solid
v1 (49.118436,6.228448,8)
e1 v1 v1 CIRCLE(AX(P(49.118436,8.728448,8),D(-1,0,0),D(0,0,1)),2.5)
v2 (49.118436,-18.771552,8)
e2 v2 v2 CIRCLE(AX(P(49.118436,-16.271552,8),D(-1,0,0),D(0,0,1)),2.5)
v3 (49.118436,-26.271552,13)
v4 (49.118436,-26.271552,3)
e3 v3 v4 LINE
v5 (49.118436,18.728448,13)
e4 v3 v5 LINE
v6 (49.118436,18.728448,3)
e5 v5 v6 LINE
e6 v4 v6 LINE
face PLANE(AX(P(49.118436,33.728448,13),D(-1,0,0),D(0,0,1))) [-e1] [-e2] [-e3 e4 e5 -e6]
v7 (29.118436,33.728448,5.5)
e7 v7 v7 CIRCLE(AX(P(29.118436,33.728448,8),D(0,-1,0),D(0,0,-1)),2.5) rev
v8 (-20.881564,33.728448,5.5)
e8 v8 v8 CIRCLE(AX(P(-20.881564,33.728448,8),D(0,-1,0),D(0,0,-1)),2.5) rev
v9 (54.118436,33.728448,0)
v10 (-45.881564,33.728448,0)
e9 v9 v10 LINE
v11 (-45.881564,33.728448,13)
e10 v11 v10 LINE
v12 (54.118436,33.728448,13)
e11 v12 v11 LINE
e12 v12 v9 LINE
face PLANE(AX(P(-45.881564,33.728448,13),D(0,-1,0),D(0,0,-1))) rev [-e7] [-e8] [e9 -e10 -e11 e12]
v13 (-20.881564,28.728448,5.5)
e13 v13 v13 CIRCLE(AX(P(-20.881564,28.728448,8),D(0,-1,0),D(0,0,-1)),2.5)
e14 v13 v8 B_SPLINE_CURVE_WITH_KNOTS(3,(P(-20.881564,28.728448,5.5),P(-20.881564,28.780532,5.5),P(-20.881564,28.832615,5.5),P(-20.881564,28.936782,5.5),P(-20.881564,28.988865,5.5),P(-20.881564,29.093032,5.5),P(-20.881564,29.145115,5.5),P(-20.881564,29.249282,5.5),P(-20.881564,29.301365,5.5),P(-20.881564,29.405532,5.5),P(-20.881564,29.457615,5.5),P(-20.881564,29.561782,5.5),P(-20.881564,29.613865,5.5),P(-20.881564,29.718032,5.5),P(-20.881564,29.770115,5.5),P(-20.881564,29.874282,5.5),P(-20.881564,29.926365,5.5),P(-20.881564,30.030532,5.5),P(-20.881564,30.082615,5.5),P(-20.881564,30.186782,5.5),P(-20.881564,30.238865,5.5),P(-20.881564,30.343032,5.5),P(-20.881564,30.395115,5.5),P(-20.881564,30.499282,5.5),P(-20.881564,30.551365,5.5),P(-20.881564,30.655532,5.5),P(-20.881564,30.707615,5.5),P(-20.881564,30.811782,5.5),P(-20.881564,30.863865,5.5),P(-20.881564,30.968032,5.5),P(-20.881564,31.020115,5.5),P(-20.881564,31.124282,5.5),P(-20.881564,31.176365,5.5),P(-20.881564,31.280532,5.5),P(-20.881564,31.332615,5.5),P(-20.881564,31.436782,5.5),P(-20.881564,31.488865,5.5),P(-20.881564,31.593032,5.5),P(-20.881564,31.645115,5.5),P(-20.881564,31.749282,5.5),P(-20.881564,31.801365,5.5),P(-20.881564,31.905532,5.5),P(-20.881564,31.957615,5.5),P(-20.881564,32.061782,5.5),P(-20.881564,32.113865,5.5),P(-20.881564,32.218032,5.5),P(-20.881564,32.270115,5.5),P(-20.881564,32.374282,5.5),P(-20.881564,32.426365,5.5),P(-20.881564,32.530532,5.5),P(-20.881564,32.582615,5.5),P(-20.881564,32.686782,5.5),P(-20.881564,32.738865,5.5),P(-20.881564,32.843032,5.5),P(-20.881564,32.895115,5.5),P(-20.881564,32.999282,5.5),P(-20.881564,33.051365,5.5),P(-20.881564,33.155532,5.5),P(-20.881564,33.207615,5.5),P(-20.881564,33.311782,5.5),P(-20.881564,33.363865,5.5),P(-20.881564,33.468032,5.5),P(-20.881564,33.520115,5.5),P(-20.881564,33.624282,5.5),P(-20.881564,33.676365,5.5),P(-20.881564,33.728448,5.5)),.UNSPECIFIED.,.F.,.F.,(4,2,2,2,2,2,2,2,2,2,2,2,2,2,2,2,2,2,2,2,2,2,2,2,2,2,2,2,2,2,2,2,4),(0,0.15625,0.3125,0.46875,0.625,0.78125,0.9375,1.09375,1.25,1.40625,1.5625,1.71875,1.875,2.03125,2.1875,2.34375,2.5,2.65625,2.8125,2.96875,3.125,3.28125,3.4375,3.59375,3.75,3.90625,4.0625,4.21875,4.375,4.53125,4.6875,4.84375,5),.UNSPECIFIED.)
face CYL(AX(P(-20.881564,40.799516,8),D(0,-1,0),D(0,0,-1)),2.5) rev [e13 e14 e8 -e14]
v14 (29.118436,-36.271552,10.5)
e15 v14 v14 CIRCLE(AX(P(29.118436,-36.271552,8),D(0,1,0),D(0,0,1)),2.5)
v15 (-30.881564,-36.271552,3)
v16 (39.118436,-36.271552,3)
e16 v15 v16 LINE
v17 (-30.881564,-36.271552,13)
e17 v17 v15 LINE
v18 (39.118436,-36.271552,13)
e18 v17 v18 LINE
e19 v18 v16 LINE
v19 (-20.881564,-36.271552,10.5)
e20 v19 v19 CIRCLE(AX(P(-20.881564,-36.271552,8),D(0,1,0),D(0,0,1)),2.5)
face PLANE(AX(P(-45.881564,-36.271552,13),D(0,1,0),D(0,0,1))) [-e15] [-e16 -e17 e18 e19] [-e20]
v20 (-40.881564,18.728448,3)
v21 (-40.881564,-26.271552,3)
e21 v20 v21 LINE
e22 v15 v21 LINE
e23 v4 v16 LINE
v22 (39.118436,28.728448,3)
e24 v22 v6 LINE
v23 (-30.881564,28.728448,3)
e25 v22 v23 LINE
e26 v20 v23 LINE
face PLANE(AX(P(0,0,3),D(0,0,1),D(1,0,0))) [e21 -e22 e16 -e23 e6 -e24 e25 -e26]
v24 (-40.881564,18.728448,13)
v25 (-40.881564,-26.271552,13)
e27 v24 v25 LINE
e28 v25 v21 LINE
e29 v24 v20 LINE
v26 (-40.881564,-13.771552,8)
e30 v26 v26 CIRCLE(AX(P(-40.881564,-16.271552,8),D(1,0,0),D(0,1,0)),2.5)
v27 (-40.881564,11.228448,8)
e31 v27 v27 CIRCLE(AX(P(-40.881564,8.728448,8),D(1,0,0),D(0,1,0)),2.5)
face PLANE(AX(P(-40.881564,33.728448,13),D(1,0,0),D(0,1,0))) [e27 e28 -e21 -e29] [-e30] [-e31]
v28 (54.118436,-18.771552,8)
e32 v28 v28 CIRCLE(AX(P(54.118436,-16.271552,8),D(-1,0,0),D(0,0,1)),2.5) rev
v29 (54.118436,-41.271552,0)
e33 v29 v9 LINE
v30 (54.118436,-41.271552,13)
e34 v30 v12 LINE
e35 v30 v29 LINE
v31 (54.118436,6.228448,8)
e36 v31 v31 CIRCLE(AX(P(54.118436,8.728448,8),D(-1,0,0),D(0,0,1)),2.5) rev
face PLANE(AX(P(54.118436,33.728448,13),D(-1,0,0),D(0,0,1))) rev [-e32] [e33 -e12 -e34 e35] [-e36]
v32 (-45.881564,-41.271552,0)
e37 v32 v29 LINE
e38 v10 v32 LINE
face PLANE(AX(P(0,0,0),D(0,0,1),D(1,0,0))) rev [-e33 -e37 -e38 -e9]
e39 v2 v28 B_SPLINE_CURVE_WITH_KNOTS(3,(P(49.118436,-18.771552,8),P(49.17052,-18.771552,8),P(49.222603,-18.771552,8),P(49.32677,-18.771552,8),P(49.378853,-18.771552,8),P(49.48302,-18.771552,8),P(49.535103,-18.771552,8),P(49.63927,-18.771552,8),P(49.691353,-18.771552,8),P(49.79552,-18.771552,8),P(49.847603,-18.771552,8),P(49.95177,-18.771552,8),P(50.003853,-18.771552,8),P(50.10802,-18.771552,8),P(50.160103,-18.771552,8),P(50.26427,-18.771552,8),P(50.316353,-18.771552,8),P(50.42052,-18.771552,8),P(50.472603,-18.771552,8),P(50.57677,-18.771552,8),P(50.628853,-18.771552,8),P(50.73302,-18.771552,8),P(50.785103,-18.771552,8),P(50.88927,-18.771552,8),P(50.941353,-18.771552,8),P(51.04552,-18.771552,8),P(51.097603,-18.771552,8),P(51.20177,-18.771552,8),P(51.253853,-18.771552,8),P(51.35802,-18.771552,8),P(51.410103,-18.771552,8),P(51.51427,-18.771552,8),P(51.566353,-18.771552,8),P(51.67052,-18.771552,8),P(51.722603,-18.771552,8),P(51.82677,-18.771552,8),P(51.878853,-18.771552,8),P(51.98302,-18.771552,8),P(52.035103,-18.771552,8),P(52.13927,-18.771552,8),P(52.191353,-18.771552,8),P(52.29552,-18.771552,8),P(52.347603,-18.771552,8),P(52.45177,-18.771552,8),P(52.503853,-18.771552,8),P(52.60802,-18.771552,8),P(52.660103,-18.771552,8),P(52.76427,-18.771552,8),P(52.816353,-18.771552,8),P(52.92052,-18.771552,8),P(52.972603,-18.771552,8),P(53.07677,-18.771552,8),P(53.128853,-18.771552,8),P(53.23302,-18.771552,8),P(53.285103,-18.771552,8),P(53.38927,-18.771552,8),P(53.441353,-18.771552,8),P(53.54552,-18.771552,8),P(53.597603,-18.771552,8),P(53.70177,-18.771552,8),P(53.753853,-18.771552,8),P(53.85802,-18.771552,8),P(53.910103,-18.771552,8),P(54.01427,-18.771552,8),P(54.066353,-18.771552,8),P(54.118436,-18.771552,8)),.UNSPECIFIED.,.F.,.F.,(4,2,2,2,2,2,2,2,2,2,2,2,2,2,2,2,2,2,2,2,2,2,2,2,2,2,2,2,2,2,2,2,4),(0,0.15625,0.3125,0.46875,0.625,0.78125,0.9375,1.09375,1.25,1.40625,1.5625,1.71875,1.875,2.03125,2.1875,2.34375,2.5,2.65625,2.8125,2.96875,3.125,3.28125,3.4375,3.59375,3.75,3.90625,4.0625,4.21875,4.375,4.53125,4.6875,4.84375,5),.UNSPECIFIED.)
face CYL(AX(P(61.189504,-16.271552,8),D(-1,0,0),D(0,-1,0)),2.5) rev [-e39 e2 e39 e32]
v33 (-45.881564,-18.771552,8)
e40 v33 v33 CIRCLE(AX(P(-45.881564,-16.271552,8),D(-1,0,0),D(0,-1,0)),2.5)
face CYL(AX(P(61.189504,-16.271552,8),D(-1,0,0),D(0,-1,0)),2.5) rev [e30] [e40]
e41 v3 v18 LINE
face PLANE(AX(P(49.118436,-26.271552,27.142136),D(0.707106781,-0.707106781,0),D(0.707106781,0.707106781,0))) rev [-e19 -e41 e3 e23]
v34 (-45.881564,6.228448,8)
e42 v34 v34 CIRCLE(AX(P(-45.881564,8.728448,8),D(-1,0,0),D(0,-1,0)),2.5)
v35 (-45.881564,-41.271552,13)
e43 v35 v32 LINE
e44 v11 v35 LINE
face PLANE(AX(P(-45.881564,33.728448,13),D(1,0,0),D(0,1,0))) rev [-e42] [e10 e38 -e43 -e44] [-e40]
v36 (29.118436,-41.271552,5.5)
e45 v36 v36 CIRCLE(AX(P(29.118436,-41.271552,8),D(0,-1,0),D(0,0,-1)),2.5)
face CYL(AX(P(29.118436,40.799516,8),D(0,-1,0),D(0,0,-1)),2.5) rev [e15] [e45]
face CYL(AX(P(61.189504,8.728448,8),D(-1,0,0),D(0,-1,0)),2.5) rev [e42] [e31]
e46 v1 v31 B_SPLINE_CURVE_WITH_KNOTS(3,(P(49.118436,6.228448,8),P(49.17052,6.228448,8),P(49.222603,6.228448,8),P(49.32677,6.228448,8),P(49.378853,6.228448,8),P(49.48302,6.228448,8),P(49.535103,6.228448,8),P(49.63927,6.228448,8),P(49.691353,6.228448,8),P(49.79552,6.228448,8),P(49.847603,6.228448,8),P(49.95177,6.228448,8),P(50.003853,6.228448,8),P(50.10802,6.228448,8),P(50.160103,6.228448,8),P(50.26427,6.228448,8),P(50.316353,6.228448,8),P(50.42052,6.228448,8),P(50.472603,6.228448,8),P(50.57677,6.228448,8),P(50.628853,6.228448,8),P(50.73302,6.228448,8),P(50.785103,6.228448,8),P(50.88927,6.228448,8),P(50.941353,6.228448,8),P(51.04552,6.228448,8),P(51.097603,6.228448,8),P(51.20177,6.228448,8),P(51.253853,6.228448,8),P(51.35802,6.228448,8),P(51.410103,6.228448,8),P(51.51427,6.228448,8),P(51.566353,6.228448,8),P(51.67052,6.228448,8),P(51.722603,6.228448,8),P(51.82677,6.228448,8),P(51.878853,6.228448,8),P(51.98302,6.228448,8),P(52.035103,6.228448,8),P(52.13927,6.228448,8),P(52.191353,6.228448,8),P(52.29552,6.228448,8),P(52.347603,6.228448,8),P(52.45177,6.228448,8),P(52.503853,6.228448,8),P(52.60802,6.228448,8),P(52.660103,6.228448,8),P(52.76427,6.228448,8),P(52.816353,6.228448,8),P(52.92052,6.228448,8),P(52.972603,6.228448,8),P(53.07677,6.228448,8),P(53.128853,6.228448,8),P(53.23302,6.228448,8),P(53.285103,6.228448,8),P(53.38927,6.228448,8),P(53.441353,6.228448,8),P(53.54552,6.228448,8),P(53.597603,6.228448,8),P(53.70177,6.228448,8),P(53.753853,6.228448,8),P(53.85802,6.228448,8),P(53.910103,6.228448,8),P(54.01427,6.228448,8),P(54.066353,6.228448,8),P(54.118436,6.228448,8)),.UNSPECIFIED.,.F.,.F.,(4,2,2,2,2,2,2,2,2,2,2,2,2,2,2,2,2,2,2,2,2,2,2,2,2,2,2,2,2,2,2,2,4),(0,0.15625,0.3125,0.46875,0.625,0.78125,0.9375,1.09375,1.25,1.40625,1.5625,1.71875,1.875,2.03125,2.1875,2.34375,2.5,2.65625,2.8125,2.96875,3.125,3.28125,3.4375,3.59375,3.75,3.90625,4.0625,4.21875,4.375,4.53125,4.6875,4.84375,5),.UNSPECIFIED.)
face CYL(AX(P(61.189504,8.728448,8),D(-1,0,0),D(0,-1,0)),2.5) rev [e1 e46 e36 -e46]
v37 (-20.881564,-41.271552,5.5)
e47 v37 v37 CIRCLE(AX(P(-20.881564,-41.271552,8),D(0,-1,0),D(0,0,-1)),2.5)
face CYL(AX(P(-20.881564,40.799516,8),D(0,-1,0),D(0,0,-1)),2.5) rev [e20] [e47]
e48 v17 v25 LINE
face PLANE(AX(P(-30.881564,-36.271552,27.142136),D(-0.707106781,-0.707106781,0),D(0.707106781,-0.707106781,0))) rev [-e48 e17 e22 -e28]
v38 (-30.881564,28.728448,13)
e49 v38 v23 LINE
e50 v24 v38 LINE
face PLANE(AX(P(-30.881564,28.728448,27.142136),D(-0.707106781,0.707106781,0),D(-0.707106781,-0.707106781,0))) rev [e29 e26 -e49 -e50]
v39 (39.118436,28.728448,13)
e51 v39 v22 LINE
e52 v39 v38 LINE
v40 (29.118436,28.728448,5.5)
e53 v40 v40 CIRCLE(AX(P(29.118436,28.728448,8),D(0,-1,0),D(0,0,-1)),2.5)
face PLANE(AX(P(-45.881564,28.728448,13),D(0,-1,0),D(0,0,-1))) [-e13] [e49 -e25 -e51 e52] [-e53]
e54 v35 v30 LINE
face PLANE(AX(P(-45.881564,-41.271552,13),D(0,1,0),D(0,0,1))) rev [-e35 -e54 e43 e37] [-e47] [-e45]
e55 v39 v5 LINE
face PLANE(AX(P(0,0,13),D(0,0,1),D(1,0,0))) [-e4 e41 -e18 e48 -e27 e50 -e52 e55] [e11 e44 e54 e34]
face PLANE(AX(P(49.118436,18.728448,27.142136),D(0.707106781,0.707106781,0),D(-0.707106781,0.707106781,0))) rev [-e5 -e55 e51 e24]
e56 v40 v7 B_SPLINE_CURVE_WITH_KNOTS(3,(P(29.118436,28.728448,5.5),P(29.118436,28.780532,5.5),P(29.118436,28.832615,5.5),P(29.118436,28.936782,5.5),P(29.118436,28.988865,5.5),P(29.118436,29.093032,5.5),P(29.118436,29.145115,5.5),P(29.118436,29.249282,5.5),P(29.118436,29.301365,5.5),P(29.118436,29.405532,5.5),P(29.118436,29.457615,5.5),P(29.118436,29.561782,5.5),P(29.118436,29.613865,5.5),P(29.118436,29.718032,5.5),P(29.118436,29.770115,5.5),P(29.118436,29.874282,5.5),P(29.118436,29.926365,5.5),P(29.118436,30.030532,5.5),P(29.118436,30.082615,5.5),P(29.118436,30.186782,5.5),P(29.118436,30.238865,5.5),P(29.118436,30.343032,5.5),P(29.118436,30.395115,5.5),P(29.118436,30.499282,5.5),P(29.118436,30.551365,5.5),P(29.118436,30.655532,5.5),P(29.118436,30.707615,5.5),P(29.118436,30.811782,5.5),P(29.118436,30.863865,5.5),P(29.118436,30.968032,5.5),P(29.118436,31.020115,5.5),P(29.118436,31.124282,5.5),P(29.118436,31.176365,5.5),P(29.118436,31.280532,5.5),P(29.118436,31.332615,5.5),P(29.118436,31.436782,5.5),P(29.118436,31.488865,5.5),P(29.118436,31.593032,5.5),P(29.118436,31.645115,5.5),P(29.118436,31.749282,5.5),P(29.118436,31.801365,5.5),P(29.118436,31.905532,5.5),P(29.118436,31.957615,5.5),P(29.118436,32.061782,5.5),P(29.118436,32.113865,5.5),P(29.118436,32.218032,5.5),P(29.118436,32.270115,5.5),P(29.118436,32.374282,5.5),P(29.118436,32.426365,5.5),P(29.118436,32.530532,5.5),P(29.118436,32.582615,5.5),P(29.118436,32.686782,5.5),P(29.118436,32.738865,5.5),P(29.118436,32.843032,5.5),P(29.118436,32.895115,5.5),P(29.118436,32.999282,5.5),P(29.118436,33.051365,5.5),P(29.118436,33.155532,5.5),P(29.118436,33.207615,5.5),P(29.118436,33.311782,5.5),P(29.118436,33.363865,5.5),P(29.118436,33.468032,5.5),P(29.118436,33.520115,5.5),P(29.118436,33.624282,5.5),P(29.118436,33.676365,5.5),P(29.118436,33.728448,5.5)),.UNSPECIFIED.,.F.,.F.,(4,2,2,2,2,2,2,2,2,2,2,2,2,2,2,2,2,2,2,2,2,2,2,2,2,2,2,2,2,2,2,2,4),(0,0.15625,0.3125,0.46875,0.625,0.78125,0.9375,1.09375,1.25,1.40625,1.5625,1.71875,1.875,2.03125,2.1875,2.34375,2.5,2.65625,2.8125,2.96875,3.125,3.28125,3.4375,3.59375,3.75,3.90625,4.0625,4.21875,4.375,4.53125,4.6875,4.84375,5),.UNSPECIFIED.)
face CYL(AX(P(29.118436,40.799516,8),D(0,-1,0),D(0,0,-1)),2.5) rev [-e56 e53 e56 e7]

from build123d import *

# Parameters (mm, degrees)
BOSS_EXTRU_1_DEPTH        = 13
COQUE1_T                  = -5
COQUE1_THICKNESS_2_FACE_W = 90
COQUE1_THICKNESS_2_FACE_H = 65
COQUE1_THICKNESS_2_DEPTH  = 2
ENL_V_MAT_EXTRU_1_REACH   = 110.96
ESQUISSE2_R               = 2.5
ENL_V_MAT_EXTRU_2_REACH   = 95.396
ESQUISSE3_R               = 2.5
BOSS_EXTRU_2_DEPTH        = 10


with BuildPart() as part:
    # Esquisse1 → Boss.-Extru.1 (new body)
    with BuildSketch(Plane.XY):
        Polygon((44.118436308, 33.728448276), (54.118436308, 33.728448276), (54.118436308, 23.728448276), (54.118436308, -41.271551724), (-45.881563692, -41.271551724), (-45.881563692, 33.728448276), align=None)
    extrude(amount=BOSS_EXTRU_1_DEPTH)

    # Coque1
    coque1_openings = [part.faces().sort_by_distance(p)[0] for p in [
        (4.118436308, -3.771551724, 13),
    ]]
    offset(amount=COQUE1_T, openings=coque1_openings, kind=Kind.INTERSECTION)

    # Coque1 thickness 2 face (on inner face of the shell) → Coque1 thickness 2 (cut)
    with BuildSketch(Plane(origin=(4.118436308, -3.771551724, 5), x_dir=(-1, 0, 0), z_dir=(0, 0, -1))):
        Rectangle(COQUE1_THICKNESS_2_FACE_W, COQUE1_THICKNESS_2_FACE_H)
    extrude(amount=COQUE1_THICKNESS_2_DEPTH, mode=Mode.SUBTRACT)

    # Enlèv. mat.-Extru.1: up to this face of the body (flat: up to its plane)
    enl_v_mat_extru_1_end = Plane(part.part.faces().sort_by_distance((54.118436308, -3.771551724, 6.5))[0])
    # Esquisse2 → Enlèv. mat.-Extru.1 (cut, up to the picked face)
    with BuildSketch(Plane.ZY.offset(45.881563692), mode=Mode.PRIVATE) as enl_v_mat_extru_1_sk1:
        with Locations(Location((8, -16.271551724, 0), (0, 0, 270))):
            Circle(ESQUISSE2_R)
    enl_v_mat_extru_1_tool1 = split(extrude(enl_v_mat_extru_1_sk1.sketch, amount=-ENL_V_MAT_EXTRU_1_REACH, mode=Mode.PRIVATE), bisect_by=enl_v_mat_extru_1_end, keep=Keep.BOTH, mode=Mode.PRIVATE)
    # Esquisse2 → Enlèv. mat.-Extru.1 (cut, up to the picked face)
    with BuildSketch(Plane.ZY.offset(45.881563692), mode=Mode.PRIVATE) as enl_v_mat_extru_1_sk2:
        with Locations(Location((8, 8.728448276, 0), (0, 0, 270))):
            Circle(ESQUISSE2_R)
    enl_v_mat_extru_1_tool2 = split(extrude(enl_v_mat_extru_1_sk2.sketch, amount=-ENL_V_MAT_EXTRU_1_REACH, mode=Mode.PRIVATE), bisect_by=enl_v_mat_extru_1_end, keep=Keep.BOTH, mode=Mode.PRIVATE)
    add(enl_v_mat_extru_1_tool1.solids().sort_by(Axis((-45.881564, -16.271552, 8), (1, 0, 0)))[0], mode=Mode.SUBTRACT)
    add(enl_v_mat_extru_1_tool2.solids().sort_by(Axis((-45.881564, 8.728448, 8), (1, 0, 0)))[0], mode=Mode.SUBTRACT)

    # Enlèv. mat.-Extru.2: up to this face of the body (flat: up to its plane)
    enl_v_mat_extru_2_end = Plane(part.part.faces().sort_by_distance((4.118436308, 33.728448276, 6.5))[0])
    # Esquisse3 → Enlèv. mat.-Extru.2 (cut, up to the picked face)
    with BuildSketch(Plane.XZ.offset(41.271551724), mode=Mode.PRIVATE) as enl_v_mat_extru_2_sk1:
        with Locations(Location((-20.881563692, 8, 0), (0, 0, 270))):
            Circle(ESQUISSE3_R)
    enl_v_mat_extru_2_tool1 = split(extrude(enl_v_mat_extru_2_sk1.sketch, amount=-ENL_V_MAT_EXTRU_2_REACH, mode=Mode.PRIVATE), bisect_by=enl_v_mat_extru_2_end, keep=Keep.BOTH, mode=Mode.PRIVATE)
    # Esquisse3 → Enlèv. mat.-Extru.2 (cut, up to the picked face)
    with BuildSketch(Plane.XZ.offset(41.271551724), mode=Mode.PRIVATE) as enl_v_mat_extru_2_sk2:
        with Locations(Location((29.118436308, 8, 0), (0, 0, 270))):
            Circle(ESQUISSE3_R)
    enl_v_mat_extru_2_tool2 = split(extrude(enl_v_mat_extru_2_sk2.sketch, amount=-ENL_V_MAT_EXTRU_2_REACH, mode=Mode.PRIVATE), bisect_by=enl_v_mat_extru_2_end, keep=Keep.BOTH, mode=Mode.PRIVATE)
    add(enl_v_mat_extru_2_tool1.solids().sort_by(Axis((-20.881564, -41.271552, 8), (0, 1, 0)))[0], mode=Mode.SUBTRACT)
    add(enl_v_mat_extru_2_tool2.solids().sort_by(Axis((29.118436, -41.271552, 8), (0, 1, 0)))[0], mode=Mode.SUBTRACT)

    # Esquisse4 → Boss.-Extru.2 (add)
    with BuildSketch(Plane.XY.offset(3)):
        Polygon((-30.881563692, 28.728448276), (-40.881563692, 18.728448276), (-40.881563692, 28.728448276), align=None)
        Polygon((49.118436308, 28.728448276), (49.118436308, 18.728448276), (39.118436308, 28.728448276), align=None)
        Polygon((49.118436308, -36.271551724), (49.118436308, -26.271551724), (39.118436308, -36.271551724), align=None)
        Polygon((-30.881563692, -36.271551724), (-40.881563692, -26.271551724), (-40.881563692, -36.271551724), align=None)
    extrude(amount=BOSS_EXTRU_2_DEPTH)


solid = part.part
